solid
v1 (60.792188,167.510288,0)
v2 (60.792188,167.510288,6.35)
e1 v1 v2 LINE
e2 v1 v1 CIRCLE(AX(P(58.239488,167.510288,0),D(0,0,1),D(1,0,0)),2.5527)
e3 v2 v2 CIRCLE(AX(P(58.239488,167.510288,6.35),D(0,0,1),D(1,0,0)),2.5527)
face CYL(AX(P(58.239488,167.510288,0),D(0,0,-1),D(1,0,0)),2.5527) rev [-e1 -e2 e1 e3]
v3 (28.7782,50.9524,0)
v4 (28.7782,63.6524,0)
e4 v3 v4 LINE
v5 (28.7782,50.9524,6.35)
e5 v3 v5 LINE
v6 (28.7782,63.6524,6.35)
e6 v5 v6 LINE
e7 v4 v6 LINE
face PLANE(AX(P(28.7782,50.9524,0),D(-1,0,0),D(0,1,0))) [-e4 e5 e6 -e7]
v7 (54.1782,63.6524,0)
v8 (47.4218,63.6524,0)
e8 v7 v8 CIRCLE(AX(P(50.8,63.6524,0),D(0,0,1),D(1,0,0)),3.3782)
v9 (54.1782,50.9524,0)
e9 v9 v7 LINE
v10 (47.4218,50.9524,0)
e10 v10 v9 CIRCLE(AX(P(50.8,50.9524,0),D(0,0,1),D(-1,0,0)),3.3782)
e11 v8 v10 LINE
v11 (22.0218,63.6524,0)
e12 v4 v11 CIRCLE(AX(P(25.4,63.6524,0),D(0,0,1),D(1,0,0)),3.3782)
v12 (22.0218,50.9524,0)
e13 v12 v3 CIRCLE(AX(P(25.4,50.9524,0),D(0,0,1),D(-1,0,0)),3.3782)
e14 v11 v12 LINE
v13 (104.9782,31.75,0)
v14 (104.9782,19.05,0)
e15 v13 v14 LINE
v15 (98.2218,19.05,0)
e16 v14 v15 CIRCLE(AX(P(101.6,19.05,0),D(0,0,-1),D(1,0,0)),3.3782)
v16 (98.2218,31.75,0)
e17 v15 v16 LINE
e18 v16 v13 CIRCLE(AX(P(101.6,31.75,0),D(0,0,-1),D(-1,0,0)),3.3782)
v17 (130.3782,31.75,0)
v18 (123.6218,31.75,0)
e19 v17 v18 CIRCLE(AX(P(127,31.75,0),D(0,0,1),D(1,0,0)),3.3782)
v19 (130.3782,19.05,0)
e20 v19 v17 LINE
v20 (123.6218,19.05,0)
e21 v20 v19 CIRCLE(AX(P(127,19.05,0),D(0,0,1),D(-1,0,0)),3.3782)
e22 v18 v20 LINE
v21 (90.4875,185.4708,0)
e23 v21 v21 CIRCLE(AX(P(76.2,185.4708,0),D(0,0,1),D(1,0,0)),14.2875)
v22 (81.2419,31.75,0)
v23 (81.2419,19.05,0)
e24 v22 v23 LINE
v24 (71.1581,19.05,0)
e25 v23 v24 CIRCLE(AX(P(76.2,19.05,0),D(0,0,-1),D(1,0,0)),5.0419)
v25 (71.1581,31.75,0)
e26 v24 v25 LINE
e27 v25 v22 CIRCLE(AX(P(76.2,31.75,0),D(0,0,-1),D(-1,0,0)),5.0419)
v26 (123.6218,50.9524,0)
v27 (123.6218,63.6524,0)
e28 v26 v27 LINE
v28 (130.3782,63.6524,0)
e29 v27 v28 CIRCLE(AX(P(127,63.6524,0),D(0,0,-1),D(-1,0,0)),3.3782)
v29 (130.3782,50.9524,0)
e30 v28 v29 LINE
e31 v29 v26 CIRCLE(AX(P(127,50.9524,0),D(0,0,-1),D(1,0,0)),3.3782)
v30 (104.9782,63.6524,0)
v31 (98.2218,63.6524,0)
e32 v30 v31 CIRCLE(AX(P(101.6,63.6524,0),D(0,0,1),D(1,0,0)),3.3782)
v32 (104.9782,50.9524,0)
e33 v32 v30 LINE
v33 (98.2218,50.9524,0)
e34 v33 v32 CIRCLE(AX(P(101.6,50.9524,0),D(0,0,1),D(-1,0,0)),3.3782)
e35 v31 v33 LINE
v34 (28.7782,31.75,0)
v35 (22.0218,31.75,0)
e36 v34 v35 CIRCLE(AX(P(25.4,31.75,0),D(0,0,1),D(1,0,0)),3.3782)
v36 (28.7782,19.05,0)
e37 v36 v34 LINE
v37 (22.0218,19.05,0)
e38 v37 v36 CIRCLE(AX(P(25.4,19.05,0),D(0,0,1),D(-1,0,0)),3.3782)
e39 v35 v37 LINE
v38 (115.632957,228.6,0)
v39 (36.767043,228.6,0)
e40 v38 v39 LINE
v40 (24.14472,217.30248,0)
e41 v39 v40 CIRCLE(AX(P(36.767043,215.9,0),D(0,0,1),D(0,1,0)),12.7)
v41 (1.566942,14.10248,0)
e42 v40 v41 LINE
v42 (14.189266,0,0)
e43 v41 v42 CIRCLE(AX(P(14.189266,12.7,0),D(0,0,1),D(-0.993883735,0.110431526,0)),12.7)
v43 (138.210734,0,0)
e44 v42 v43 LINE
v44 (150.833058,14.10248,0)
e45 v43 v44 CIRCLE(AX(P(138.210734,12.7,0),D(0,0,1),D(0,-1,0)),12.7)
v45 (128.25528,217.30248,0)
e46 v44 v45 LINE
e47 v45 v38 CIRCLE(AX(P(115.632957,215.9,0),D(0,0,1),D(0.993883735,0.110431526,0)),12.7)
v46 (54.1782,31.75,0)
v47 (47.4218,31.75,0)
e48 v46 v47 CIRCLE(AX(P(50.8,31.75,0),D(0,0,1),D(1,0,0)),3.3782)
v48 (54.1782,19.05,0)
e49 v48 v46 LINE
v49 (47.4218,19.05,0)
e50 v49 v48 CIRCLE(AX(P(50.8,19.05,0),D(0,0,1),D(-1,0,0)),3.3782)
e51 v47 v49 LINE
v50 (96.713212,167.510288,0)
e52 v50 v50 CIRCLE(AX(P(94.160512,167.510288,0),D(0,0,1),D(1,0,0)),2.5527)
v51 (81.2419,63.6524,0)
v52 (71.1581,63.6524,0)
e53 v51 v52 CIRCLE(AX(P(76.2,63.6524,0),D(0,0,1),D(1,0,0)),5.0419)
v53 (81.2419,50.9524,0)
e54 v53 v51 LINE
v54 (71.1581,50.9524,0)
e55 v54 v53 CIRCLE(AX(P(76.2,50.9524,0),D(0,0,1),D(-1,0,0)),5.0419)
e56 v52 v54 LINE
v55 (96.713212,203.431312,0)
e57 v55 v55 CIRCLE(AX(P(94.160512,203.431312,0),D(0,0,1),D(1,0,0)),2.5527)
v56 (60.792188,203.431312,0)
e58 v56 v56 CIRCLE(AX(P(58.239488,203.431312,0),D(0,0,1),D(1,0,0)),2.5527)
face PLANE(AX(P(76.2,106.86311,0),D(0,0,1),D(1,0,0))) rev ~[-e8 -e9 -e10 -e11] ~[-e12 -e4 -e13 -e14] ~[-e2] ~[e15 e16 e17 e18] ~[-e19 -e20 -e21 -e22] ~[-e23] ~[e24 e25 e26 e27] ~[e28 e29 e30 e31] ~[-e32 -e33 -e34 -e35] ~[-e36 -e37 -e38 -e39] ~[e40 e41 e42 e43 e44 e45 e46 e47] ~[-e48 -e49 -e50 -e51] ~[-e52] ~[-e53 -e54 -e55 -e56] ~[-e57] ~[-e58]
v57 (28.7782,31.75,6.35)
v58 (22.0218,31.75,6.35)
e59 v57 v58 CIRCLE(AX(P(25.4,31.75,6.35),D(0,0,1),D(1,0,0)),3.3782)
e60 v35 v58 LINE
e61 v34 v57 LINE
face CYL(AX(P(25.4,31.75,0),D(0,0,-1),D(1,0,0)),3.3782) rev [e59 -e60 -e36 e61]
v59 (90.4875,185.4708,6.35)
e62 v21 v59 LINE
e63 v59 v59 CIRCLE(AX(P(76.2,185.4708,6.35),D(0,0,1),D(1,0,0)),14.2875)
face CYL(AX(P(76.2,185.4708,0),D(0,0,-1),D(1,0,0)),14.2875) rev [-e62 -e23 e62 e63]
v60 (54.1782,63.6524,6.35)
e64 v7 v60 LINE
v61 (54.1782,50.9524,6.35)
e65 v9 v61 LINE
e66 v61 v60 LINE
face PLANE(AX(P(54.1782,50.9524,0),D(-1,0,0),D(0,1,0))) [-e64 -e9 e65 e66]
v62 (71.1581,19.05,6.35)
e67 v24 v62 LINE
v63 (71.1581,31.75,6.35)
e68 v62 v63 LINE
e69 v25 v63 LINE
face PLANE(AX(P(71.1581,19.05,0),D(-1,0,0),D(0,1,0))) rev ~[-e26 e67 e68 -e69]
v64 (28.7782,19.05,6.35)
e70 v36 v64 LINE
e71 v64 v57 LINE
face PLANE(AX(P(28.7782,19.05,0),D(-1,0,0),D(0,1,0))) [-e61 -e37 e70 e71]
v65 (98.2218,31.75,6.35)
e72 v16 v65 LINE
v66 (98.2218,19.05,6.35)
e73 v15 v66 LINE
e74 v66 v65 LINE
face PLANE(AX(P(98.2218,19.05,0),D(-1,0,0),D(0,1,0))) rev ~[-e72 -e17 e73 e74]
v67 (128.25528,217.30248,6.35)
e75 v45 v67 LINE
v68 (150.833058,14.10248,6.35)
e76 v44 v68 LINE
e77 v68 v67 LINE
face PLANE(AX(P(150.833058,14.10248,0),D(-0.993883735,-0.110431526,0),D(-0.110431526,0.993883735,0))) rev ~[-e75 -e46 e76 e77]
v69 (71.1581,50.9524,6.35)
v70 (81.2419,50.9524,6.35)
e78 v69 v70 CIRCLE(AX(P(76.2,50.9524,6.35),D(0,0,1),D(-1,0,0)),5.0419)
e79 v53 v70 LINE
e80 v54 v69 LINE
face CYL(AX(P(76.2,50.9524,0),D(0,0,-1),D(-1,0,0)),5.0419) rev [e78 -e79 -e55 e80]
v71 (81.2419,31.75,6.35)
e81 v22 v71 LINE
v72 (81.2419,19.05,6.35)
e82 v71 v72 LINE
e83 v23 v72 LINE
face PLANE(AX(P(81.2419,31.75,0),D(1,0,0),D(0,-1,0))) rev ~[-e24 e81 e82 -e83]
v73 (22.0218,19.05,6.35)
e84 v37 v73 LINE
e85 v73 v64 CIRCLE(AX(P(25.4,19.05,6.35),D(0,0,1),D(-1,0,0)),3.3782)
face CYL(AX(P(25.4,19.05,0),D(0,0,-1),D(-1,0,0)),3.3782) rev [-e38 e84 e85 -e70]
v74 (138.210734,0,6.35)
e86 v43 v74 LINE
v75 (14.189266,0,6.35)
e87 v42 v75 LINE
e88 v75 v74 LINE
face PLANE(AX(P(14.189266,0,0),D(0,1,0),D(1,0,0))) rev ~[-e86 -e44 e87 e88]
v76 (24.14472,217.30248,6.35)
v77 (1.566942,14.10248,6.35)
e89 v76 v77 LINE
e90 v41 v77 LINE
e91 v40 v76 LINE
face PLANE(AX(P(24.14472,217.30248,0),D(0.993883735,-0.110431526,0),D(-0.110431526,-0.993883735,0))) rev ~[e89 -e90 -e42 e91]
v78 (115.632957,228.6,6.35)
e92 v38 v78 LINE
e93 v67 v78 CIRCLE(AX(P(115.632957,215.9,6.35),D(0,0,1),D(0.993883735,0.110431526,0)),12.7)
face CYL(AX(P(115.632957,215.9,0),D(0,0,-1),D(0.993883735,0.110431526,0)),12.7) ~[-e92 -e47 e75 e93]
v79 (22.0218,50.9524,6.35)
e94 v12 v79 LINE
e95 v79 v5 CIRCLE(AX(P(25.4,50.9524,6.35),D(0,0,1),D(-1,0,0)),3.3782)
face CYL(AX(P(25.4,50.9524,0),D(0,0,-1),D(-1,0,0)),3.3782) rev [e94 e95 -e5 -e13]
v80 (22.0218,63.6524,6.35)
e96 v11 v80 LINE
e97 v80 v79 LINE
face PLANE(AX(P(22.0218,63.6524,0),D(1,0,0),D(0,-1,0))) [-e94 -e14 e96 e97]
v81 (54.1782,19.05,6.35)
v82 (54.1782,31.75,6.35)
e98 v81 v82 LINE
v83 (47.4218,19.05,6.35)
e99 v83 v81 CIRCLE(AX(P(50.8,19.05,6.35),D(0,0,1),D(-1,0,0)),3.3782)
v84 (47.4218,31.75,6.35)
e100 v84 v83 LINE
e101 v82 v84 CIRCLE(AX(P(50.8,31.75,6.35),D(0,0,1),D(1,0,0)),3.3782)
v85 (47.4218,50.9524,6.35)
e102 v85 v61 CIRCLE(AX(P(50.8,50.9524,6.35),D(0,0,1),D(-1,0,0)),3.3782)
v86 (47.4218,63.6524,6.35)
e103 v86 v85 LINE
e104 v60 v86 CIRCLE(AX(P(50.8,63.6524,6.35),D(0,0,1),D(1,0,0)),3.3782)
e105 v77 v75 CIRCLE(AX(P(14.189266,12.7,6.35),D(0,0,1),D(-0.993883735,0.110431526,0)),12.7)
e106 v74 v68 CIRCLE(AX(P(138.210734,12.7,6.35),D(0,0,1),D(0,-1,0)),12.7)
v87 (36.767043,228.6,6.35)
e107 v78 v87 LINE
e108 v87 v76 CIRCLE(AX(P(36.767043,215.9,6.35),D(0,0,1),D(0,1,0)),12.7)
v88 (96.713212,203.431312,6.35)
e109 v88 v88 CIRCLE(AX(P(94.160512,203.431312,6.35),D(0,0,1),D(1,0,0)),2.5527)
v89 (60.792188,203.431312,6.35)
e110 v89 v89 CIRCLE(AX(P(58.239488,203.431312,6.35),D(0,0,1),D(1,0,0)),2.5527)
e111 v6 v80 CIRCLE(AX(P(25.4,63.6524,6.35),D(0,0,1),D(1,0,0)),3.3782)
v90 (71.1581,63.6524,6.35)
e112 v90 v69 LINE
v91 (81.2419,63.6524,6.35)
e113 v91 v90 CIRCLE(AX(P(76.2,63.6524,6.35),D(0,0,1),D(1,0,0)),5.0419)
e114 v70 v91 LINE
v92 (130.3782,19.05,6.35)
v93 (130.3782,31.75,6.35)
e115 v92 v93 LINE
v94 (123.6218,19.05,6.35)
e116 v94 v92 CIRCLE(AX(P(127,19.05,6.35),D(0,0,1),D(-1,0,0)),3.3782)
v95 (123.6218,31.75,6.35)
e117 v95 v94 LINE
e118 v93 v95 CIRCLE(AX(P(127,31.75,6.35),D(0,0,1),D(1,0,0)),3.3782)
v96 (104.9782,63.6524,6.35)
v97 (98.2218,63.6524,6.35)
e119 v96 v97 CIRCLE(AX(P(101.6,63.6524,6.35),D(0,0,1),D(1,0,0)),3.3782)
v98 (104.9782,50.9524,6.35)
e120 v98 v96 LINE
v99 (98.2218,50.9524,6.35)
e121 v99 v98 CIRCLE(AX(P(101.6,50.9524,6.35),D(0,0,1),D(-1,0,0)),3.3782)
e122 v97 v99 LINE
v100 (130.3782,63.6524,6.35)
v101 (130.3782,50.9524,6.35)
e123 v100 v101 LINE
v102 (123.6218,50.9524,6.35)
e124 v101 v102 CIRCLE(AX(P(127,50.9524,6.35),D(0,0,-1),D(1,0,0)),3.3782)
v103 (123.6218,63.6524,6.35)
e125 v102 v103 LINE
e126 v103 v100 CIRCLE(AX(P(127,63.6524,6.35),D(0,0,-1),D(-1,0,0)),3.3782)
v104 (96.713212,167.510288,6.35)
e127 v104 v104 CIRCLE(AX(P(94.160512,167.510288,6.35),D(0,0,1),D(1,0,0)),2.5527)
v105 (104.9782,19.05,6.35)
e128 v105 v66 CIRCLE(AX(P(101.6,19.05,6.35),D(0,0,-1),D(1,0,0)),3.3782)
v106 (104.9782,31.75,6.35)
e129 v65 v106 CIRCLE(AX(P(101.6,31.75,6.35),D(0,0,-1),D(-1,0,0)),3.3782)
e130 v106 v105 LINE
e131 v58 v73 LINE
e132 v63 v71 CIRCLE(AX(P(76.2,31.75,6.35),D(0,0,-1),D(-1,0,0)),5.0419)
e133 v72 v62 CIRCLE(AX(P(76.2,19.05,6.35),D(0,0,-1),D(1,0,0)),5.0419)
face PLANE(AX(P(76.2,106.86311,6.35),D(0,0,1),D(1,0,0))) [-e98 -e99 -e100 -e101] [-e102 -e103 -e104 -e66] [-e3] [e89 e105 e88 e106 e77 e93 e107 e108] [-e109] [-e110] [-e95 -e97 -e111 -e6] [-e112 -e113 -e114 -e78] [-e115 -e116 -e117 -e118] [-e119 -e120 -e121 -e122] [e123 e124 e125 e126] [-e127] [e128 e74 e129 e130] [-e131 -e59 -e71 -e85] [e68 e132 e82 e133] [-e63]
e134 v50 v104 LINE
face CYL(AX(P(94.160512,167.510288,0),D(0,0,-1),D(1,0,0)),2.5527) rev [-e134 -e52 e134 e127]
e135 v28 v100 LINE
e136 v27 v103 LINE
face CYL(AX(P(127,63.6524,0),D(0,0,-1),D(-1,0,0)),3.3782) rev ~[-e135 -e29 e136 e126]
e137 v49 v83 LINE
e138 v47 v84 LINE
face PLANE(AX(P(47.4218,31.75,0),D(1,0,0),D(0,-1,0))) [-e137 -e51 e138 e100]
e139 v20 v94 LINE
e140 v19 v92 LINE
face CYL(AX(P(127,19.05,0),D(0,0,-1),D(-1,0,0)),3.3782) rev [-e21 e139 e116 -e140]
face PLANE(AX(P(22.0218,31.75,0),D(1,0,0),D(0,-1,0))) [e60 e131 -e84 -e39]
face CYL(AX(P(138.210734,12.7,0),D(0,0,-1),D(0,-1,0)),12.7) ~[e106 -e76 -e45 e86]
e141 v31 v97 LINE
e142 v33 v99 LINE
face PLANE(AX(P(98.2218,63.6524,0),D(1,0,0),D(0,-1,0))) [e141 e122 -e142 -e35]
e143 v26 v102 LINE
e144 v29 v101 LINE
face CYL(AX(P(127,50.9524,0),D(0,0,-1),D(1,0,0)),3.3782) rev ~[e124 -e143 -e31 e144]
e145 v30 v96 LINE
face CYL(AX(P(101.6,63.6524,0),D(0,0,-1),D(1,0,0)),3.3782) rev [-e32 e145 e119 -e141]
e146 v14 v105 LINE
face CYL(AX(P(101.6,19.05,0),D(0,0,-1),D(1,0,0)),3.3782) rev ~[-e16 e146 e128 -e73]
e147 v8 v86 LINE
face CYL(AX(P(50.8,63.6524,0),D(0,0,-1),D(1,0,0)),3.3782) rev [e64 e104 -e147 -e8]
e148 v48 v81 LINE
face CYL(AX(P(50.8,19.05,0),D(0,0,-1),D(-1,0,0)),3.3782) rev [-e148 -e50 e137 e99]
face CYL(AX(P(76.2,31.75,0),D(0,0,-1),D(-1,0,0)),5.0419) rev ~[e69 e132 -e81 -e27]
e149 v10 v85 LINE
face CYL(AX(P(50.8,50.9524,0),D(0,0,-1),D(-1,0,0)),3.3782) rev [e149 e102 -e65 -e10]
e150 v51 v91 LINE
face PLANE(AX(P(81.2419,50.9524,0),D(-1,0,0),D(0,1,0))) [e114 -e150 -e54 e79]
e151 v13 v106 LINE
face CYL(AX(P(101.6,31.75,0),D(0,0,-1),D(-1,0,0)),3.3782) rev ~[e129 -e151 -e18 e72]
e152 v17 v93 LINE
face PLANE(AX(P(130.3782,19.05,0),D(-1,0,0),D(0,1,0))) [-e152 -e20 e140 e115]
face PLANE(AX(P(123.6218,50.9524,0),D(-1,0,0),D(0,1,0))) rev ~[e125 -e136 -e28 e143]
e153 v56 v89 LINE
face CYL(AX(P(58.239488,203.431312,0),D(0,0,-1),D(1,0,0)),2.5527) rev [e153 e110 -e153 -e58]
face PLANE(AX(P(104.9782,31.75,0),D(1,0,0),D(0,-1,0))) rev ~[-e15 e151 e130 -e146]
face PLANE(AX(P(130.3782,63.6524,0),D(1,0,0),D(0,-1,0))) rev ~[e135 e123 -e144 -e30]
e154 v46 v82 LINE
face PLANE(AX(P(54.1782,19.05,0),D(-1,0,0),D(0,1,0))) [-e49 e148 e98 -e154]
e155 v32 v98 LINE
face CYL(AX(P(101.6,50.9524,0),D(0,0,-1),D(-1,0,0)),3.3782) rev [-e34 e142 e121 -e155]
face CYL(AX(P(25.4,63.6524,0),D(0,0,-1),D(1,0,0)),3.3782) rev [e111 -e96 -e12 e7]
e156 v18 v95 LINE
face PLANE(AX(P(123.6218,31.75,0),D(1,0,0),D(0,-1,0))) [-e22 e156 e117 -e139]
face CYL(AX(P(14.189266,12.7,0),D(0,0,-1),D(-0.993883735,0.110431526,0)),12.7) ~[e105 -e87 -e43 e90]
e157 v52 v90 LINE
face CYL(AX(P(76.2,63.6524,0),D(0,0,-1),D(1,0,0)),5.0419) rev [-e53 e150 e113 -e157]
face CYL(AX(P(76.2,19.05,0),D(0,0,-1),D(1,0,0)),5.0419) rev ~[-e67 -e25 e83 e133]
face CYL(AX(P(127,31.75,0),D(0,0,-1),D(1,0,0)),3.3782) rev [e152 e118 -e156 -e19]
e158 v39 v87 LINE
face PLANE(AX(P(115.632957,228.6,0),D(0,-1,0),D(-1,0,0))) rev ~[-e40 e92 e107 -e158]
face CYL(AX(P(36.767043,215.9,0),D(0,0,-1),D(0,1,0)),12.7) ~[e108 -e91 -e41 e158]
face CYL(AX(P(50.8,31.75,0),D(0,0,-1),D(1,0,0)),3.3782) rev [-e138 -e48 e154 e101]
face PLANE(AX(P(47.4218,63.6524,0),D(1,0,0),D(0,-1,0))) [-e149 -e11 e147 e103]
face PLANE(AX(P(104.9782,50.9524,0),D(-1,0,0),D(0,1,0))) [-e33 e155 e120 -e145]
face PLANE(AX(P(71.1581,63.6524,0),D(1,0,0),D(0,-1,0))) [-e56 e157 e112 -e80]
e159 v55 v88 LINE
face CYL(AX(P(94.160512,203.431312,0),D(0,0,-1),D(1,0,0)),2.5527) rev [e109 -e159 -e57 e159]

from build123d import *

# Parameters (mm, degrees)
SKETCH1_R           = 14.2875
SKETCH1_R_2         = 2.5527
BOSS_EXTRUDE1_DEPTH = 6.35


with BuildPart() as part:
    # Sketch1 → Boss-Extrude1 (new body)
    with BuildSketch(Plane.XY):
        with BuildLine():
            Line((14.189265695, 0), (138.210734305, 0))
            ThreePointArc((138.210734305, 0), (147.673860132, 4.230097428), (150.833057735, 14.102480381))
            Line((150.833057735, 14.102480381), (128.255279958, 217.302480381))
            ThreePointArc((128.255279958, 217.302480381), (124.102859099, 225.363125827), (115.632956527, 228.6))
            Line((115.632956527, 228.6), (36.767043473, 228.6))
            ThreePointArc((36.767043473, 228.6), (28.297140901, 225.363125827), (24.144720042, 217.302480381))
            Line((24.144720042, 217.302480381), (1.566942265, 14.102480381))
            ThreePointArc((1.566942265, 14.102480381), (4.726139868, 4.230097428), (14.189265695, 0))
        make_face()
        with Locations((76.2, 185.4708)):
            Circle(SKETCH1_R, mode=Mode.SUBTRACT)
        with Locations((94.160512242, 203.431312242)):
            Circle(SKETCH1_R_2, mode=Mode.SUBTRACT)
        with Locations((94.160512242, 167.510287758)):
            Circle(SKETCH1_R_2, mode=Mode.SUBTRACT)
        with Locations((58.239487758, 167.510287758)):
            Circle(SKETCH1_R_2, mode=Mode.SUBTRACT)
        with Locations((58.239487758, 203.431312242)):
            Circle(SKETCH1_R_2, mode=Mode.SUBTRACT)
        with BuildLine():
            Line((98.2218, 19.05), (98.2218, 31.75))
            ThreePointArc((98.2218, 31.75), (101.6, 35.1282), (104.9782, 31.75))
            Line((104.9782, 31.75), (104.9782, 19.05))
            ThreePointArc((104.9782, 19.05), (101.6, 15.6718), (98.2218, 19.05))
        make_face(mode=Mode.SUBTRACT)
        with BuildLine():
            Line((71.1581, 19.05), (71.1581, 31.75))
            ThreePointArc((71.1581, 31.75), (76.2, 36.7919), (81.2419, 31.75))
            Line((81.2419, 31.75), (81.2419, 19.05))
            ThreePointArc((81.2419, 19.05), (76.2, 14.0081), (71.1581, 19.05))
        make_face(mode=Mode.SUBTRACT)
        with BuildLine():
            Line((130.3782, 19.05), (130.3782, 31.75))
            ThreePointArc((130.3782, 31.75), (127, 35.1282), (123.6218, 31.75))
            Line((123.6218, 31.75), (123.6218, 19.05))
            ThreePointArc((123.6218, 19.05), (127, 15.6718), (130.3782, 19.05))
        make_face(mode=Mode.SUBTRACT)
        with BuildLine():
            Line((54.1782, 19.05), (54.1782, 31.75))
            ThreePointArc((54.1782, 31.75), (50.8, 35.1282), (47.4218, 31.75))
            Line((47.4218, 31.75), (47.4218, 19.05))
            ThreePointArc((47.4218, 19.05), (50.8, 15.6718), (54.1782, 19.05))
        make_face(mode=Mode.SUBTRACT)
        with BuildLine():
            Line((28.7782, 19.05), (28.7782, 31.75))
            ThreePointArc((28.7782, 31.75), (25.4, 35.1282), (22.0218, 31.75))
            Line((22.0218, 31.75), (22.0218, 19.05))
            ThreePointArc((22.0218, 19.05), (25.4, 15.6718), (28.7782, 19.05))
        make_face(mode=Mode.SUBTRACT)
        with BuildLine():
            Line((28.7782, 50.9524), (28.7782, 63.6524))
            ThreePointArc((28.7782, 63.6524), (25.4, 67.0306), (22.0218, 63.6524))
            Line((22.0218, 63.6524), (22.0218, 50.9524))
            ThreePointArc((22.0218, 50.9524), (25.4, 47.5742), (28.7782, 50.9524))
        make_face(mode=Mode.SUBTRACT)
        with BuildLine():
            Line((54.1782, 50.9524), (54.1782, 63.6524))
            ThreePointArc((54.1782, 63.6524), (50.8, 67.0306), (47.4218, 63.6524))
            Line((47.4218, 63.6524), (47.4218, 50.9524))
            ThreePointArc((47.4218, 50.9524), (50.8, 47.5742), (54.1782, 50.9524))
        make_face(mode=Mode.SUBTRACT)
        with BuildLine():
            Line((81.2419, 50.9524), (81.2419, 63.6524))
            ThreePointArc((81.2419, 63.6524), (76.2, 68.6943), (71.1581, 63.6524))
            Line((71.1581, 63.6524), (71.1581, 50.9524))
            ThreePointArc((71.1581, 50.9524), (76.2, 45.9105), (81.2419, 50.9524))
        make_face(mode=Mode.SUBTRACT)
        with BuildLine():
            Line((104.9782, 50.9524), (104.9782, 63.6524))
            ThreePointArc((104.9782, 63.6524), (101.6, 67.0306), (98.2218, 63.6524))
            Line((98.2218, 63.6524), (98.2218, 50.9524))
            ThreePointArc((98.2218, 50.9524), (101.6, 47.5742), (104.9782, 50.9524))
        make_face(mode=Mode.SUBTRACT)
        with BuildLine():
            Line((123.6218, 50.9524), (123.6218, 63.6524))
            ThreePointArc((123.6218, 63.6524), (127, 67.0306), (130.3782, 63.6524))
            Line((130.3782, 63.6524), (130.3782, 50.9524))
            ThreePointArc((130.3782, 50.9524), (127, 47.5742), (123.6218, 50.9524))
        make_face(mode=Mode.SUBTRACT)
    extrude(amount=BOSS_EXTRUDE1_DEPTH)


solid = part.part
